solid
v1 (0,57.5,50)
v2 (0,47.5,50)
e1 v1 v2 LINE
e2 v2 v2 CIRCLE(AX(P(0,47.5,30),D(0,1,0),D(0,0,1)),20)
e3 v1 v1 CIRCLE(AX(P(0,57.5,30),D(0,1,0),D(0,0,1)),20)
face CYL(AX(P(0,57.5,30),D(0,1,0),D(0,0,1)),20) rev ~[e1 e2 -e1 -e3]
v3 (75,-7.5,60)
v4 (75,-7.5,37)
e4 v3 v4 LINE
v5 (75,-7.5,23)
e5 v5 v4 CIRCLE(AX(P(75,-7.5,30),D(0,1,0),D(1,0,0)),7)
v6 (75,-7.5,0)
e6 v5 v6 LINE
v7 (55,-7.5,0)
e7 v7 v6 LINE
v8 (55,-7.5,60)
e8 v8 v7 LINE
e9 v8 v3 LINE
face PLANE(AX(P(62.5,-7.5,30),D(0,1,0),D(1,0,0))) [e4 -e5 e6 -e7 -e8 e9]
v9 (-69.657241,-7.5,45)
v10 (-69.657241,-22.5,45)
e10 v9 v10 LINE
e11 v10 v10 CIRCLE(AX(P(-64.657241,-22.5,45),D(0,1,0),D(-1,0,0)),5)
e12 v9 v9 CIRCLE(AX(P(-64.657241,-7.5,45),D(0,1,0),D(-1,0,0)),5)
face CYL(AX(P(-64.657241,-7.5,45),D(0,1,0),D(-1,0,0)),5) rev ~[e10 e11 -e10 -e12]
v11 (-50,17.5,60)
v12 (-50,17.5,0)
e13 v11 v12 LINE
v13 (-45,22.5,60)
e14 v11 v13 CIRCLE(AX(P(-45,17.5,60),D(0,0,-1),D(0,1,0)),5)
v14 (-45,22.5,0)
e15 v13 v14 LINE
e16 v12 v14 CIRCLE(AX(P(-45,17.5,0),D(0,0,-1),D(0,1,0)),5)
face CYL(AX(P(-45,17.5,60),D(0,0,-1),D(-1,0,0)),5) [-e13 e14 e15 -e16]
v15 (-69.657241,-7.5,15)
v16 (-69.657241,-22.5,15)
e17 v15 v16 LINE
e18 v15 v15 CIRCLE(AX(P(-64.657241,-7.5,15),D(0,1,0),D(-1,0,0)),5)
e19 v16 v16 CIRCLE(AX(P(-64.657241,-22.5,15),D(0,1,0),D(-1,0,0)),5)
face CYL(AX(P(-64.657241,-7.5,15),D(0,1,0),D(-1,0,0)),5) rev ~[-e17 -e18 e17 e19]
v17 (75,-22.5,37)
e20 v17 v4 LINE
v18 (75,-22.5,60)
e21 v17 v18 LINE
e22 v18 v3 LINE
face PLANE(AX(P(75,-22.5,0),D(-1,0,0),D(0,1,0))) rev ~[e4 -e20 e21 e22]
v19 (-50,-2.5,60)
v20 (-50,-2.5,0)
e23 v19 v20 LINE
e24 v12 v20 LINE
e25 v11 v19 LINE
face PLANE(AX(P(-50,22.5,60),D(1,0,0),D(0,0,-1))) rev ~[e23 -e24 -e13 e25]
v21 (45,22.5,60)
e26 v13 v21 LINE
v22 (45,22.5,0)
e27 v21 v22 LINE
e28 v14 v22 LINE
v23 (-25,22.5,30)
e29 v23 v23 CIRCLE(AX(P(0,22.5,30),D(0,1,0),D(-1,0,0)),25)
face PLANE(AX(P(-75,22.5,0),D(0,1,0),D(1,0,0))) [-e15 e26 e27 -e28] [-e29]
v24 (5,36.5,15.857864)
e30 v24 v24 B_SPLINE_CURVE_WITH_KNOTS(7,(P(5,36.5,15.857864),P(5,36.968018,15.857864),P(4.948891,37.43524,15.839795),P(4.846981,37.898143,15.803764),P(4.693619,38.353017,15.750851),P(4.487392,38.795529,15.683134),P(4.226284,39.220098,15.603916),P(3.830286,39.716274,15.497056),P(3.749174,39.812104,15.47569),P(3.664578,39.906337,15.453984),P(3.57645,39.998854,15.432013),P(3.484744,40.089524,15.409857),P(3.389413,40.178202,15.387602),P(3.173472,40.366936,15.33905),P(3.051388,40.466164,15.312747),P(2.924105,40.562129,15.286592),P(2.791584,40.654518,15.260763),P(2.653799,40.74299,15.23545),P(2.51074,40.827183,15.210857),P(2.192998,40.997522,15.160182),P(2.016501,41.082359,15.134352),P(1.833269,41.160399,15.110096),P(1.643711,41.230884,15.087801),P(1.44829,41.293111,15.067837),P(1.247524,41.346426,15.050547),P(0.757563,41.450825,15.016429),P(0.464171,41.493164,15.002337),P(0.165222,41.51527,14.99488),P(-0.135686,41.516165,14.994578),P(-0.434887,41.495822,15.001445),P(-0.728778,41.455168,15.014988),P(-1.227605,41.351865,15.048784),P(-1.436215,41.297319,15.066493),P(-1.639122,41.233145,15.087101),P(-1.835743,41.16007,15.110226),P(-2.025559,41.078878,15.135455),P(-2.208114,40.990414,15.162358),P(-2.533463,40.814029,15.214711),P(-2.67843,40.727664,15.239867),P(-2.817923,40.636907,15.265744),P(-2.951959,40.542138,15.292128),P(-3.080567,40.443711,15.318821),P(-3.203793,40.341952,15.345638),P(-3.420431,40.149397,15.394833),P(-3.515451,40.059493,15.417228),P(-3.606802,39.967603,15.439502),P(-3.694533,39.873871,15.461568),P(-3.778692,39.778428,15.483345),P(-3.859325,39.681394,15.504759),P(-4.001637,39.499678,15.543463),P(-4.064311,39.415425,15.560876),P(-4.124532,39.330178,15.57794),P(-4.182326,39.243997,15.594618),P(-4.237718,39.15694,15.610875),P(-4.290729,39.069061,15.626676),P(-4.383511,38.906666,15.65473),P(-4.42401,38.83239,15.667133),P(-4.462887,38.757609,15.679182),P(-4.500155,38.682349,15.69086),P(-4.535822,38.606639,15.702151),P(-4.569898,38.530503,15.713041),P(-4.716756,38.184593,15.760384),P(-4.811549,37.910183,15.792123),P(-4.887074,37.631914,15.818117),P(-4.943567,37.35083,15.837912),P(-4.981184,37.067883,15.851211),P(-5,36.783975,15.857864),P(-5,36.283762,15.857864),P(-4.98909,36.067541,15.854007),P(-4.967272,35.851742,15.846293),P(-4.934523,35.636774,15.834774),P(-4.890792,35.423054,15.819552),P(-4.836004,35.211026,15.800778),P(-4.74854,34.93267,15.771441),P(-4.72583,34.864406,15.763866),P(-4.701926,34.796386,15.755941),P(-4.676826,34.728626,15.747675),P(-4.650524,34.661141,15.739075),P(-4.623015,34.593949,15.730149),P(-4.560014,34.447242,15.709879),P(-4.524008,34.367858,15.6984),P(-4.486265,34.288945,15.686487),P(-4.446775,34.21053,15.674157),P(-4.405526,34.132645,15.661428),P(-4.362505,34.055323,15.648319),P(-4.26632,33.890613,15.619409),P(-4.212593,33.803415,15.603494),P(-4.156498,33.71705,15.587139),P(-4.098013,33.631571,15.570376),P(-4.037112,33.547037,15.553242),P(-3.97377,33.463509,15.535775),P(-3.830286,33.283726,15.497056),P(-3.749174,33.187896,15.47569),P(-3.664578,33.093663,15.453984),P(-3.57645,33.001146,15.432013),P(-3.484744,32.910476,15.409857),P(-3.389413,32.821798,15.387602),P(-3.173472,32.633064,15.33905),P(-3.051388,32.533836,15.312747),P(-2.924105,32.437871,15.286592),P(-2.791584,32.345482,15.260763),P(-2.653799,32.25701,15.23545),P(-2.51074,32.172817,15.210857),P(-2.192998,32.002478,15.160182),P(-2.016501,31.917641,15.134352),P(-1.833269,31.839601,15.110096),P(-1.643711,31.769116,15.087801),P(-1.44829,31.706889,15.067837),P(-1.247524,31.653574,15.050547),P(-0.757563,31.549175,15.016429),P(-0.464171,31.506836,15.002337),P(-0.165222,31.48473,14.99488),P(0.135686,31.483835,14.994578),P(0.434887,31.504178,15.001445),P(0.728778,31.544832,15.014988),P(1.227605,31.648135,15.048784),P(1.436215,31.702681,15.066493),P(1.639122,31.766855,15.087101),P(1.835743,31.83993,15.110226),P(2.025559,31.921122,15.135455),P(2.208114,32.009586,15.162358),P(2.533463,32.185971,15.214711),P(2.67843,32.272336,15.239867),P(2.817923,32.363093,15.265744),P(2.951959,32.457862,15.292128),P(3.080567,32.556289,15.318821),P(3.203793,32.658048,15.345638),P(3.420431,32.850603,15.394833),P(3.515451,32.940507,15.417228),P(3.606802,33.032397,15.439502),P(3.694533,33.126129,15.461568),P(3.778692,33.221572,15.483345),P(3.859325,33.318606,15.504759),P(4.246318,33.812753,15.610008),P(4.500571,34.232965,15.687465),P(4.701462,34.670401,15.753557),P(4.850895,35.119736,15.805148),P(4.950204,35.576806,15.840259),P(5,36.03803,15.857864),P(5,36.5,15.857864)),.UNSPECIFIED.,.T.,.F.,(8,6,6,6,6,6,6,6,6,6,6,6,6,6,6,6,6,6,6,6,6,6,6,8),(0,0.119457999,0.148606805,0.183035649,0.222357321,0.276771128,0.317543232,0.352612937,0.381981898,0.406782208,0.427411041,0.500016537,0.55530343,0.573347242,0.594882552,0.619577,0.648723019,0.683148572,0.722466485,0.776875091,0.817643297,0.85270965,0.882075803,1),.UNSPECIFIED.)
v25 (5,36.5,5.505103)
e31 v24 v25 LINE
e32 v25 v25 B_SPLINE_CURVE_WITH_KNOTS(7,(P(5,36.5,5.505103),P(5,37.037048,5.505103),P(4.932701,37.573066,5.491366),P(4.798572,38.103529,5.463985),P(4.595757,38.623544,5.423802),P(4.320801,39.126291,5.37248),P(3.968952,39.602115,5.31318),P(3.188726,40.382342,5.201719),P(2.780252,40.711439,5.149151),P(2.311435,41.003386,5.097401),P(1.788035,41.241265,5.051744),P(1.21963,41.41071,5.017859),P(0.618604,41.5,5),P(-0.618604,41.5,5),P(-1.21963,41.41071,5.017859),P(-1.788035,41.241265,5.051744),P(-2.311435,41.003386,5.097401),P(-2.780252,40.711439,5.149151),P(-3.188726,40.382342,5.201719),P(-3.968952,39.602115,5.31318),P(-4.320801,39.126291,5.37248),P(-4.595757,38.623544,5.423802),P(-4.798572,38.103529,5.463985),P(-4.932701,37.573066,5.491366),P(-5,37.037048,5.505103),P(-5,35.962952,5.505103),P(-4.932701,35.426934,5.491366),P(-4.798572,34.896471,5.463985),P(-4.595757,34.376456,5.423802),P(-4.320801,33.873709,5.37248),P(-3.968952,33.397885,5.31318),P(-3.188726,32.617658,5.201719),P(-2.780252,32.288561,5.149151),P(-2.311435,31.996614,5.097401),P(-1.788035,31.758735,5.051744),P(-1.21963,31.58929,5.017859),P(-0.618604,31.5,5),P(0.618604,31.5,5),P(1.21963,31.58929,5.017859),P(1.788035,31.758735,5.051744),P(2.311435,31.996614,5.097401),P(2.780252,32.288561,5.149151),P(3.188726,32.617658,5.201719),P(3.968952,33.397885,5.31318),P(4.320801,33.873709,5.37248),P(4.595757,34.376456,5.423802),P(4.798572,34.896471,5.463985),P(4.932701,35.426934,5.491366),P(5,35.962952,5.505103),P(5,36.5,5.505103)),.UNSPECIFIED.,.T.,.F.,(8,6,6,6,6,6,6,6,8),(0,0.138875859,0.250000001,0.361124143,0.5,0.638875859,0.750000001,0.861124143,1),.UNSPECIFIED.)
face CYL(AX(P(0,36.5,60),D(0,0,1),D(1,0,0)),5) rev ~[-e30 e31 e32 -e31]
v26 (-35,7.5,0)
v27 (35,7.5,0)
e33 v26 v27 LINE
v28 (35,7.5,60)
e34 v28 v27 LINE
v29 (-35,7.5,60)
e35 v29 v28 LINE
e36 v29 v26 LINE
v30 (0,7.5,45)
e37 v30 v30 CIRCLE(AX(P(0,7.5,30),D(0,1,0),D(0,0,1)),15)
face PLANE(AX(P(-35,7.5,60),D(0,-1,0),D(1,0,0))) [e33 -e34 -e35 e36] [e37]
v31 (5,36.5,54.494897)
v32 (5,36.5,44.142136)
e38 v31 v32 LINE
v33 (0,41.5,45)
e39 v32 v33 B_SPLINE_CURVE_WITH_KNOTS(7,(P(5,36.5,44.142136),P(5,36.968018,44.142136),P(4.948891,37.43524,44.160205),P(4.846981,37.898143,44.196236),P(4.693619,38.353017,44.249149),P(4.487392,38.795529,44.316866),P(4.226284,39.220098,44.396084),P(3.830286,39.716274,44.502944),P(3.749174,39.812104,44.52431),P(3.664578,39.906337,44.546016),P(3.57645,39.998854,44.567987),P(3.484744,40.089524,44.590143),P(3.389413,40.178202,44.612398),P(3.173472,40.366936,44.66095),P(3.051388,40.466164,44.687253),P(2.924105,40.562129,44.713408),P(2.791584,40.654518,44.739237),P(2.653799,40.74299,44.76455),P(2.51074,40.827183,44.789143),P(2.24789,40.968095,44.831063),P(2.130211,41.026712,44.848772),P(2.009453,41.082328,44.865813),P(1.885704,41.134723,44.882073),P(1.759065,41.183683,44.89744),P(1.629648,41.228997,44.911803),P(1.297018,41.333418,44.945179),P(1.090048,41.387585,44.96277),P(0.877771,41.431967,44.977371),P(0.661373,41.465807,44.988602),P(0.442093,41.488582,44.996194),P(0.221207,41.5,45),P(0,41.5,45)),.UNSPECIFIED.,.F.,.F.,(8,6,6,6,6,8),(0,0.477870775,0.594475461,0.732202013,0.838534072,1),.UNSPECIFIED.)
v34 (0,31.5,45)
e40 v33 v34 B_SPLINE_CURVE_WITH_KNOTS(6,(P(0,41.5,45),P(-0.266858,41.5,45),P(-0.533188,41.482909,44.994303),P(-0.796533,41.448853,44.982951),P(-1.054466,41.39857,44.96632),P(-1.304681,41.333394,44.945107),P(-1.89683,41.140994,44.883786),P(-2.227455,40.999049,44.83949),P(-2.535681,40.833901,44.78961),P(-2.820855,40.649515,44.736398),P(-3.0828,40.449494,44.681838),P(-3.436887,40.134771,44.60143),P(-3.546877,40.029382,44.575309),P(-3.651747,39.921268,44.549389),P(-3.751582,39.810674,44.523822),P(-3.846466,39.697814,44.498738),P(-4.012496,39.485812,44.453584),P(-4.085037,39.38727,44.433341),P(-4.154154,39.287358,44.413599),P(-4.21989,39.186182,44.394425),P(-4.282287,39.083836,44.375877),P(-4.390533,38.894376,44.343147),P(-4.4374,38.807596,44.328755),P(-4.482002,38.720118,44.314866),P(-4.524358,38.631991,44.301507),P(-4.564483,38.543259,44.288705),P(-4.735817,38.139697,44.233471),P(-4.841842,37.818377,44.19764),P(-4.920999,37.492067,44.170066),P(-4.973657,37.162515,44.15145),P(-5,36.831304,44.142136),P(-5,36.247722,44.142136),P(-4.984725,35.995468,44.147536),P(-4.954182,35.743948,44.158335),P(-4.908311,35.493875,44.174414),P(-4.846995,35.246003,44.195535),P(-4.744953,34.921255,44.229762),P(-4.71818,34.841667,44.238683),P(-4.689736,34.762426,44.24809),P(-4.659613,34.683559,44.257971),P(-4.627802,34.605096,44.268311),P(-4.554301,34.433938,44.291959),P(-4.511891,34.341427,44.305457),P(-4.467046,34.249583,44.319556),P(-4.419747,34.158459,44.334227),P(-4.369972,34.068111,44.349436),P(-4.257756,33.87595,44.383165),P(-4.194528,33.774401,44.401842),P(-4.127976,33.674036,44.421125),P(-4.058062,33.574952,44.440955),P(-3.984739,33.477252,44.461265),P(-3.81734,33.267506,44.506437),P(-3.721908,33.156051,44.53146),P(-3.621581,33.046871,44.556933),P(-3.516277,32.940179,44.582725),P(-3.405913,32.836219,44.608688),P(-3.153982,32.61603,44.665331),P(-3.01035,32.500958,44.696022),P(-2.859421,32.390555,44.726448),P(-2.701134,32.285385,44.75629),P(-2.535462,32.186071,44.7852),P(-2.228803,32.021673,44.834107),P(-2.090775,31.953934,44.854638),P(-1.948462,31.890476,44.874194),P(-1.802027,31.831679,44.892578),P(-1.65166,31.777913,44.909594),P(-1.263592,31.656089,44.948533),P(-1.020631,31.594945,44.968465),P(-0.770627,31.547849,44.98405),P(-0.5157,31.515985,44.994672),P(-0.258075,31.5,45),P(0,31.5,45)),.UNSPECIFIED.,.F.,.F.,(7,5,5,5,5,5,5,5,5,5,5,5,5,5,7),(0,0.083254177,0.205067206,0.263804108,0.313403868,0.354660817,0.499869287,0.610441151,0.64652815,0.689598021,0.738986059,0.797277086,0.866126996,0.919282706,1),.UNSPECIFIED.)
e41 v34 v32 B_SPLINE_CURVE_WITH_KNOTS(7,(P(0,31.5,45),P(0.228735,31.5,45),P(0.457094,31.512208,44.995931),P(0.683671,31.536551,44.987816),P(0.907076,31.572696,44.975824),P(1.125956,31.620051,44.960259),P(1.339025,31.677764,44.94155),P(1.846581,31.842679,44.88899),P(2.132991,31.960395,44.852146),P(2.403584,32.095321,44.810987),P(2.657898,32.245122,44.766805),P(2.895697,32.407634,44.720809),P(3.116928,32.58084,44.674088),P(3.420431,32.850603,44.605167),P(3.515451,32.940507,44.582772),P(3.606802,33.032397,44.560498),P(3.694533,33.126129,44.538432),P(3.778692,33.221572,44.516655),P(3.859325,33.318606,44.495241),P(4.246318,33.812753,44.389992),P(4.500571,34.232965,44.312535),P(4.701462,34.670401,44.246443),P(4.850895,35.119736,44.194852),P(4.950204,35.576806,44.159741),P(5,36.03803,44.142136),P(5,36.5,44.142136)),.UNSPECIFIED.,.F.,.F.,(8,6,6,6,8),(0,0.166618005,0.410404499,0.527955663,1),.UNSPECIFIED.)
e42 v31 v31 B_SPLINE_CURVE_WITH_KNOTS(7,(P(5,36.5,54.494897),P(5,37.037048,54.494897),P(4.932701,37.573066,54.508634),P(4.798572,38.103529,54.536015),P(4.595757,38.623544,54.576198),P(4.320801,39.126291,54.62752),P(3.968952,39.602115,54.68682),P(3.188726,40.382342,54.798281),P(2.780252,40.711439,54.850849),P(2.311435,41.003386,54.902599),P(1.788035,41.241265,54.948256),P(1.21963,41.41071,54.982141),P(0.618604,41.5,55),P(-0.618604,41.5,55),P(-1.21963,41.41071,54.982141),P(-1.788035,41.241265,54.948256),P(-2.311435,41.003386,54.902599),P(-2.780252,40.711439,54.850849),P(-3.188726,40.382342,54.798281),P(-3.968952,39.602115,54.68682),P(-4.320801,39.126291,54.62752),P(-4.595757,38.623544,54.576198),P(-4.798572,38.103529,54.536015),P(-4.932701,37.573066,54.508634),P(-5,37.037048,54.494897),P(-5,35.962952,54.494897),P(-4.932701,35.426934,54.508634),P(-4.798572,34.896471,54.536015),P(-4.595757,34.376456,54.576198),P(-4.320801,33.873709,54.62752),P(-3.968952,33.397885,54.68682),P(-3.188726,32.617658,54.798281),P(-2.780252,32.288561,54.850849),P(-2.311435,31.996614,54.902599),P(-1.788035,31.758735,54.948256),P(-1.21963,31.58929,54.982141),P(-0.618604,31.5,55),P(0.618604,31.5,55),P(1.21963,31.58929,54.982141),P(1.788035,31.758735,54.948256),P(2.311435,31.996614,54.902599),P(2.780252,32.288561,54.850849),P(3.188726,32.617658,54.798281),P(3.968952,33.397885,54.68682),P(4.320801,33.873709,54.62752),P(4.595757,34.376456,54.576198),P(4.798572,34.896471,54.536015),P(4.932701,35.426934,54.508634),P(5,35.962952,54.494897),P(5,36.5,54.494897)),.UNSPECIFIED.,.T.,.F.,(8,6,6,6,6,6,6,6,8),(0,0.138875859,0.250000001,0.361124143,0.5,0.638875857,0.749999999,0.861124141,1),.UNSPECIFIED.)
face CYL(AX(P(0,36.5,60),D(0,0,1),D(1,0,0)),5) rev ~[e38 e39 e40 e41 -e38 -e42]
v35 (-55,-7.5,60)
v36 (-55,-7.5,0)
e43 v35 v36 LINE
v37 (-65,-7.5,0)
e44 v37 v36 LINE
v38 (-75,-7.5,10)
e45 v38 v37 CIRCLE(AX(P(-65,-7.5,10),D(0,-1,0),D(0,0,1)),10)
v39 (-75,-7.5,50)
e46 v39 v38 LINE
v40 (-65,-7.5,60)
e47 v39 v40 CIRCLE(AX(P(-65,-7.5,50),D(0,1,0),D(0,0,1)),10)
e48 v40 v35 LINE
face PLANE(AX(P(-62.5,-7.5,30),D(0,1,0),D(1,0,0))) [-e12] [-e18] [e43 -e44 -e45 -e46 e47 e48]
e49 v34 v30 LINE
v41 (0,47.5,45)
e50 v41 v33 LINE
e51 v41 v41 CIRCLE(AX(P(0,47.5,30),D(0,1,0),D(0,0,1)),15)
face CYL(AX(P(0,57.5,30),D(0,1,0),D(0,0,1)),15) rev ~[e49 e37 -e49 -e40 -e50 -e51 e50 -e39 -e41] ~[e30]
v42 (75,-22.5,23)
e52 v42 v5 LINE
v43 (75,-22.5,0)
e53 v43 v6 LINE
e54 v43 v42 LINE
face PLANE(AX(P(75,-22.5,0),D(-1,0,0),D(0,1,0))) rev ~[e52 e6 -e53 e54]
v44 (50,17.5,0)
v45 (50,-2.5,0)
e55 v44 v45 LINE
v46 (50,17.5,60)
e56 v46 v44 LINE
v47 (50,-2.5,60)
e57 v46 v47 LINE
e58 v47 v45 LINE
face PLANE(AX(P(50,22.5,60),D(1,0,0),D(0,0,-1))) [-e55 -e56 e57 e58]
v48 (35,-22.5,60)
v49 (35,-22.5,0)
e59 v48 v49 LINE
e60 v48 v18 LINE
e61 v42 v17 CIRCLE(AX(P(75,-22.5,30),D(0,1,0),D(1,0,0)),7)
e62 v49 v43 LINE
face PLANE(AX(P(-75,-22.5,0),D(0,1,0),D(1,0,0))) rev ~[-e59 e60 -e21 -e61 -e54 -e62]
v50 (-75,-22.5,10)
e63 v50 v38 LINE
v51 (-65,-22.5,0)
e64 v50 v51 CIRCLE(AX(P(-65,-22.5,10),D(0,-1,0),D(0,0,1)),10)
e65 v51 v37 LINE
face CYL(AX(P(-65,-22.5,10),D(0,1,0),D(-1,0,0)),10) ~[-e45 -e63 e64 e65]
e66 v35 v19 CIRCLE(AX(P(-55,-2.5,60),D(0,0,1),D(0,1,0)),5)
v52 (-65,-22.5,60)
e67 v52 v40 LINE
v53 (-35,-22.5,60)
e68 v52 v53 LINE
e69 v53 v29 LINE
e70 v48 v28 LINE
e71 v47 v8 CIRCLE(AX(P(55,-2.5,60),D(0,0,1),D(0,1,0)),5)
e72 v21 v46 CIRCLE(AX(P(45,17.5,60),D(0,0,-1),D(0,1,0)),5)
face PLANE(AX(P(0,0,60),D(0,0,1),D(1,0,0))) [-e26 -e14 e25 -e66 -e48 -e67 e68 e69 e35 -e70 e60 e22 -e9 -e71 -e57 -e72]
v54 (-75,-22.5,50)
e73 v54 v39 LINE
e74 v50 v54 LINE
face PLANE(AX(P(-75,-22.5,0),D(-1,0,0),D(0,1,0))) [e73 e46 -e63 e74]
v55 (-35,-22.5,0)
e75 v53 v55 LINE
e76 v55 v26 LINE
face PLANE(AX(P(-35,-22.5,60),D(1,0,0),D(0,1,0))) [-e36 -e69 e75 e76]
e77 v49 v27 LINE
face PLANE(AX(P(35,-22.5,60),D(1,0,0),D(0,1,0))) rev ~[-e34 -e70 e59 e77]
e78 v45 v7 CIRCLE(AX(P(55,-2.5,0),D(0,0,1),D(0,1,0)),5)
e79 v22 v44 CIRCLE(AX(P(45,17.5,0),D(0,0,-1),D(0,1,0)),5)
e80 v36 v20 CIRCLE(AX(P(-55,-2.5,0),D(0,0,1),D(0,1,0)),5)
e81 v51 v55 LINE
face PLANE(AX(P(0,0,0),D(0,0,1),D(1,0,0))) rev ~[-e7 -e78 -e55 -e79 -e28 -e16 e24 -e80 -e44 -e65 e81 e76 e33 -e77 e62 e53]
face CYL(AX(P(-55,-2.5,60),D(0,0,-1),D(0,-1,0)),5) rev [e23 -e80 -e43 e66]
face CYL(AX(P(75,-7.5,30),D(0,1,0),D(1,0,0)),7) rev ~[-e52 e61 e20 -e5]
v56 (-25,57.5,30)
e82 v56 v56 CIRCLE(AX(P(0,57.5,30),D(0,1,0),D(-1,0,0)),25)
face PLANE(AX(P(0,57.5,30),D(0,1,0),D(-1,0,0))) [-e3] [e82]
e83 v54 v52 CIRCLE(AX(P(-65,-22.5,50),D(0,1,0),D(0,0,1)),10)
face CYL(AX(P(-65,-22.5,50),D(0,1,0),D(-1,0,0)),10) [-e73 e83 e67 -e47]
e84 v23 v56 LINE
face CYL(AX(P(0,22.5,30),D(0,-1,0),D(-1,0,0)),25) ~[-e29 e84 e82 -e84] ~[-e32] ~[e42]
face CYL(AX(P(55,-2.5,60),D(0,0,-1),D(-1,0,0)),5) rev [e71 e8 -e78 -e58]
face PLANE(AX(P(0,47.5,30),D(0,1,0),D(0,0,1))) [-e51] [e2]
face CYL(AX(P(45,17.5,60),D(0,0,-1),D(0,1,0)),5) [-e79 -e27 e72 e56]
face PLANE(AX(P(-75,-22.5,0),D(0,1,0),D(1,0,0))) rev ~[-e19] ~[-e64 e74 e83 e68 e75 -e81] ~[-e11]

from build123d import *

# Parameters (mm, degrees)
SKETCH1_W           = 150
SKETCH1_H           = 45
BOSS_EXTRUDE1_DEPTH = 60
SKETCH2_W           = 70
SKETCH2_H           = 30
CUT_EXTRUDE1_DEPTH  = 60
SKETCH8_W           = 25
SKETCH8_H           = 60
CUT_EXTRUDE5_DEPTH  = 30
SKETCH9_R           = 25
BOSS_EXTRUDE4_DEPTH = 35
SKETCH10_R          = 20
SKETCH10_R_2        = 15
CUT_EXTRUDE7_DEPTH  = 10
SKETCH10_5_R        = 15
CUT_EXTRUDE8_DEPTH  = 70
SKETCH12_R          = 5
CUT_EXTRUDE9_DEPTH  = 70
FILLET1_R           = 10
SKETCH13_R          = 7
CUT_EXTRUDE10_DEPTH = 15
SKETCH14_R          = 5
CUT_EXTRUDE11_DEPTH = 15
FILLET2_R           = 5


with BuildPart() as part:
    # Sketch1 → Boss-Extrude1 (new body)
    with BuildSketch(Plane.XY):
        Rectangle(SKETCH1_W, SKETCH1_H)
    extrude(amount=BOSS_EXTRUDE1_DEPTH)

    # Sketch2 → Cut-Extrude1 (cut)
    with BuildSketch(Plane.XY.offset(60)):
        with Locations((0, -7.5)):
            Rectangle(SKETCH2_W, SKETCH2_H)
    extrude(amount=-CUT_EXTRUDE1_DEPTH, mode=Mode.SUBTRACT)

    # Sketch8 → Cut-Extrude5 (cut)
    with BuildSketch(Plane(origin=(0, 22.5, 0), x_dir=(1, 0, 0), z_dir=(0, 1, 0))):
        with Locations((-62.5, -30)):
            Rectangle(SKETCH8_W, SKETCH8_H)
        with Locations((62.5, -30)):
            Rectangle(SKETCH8_W, SKETCH8_H)
    extrude(amount=-CUT_EXTRUDE5_DEPTH, mode=Mode.SUBTRACT)

    # Sketch9 → Boss-Extrude4 (add)
    with BuildSketch(Plane(origin=(0, 22.5, 0), x_dir=(1, 0, 0), z_dir=(0, 1, 0))):
        with Locations((0, -30)):
            Circle(SKETCH9_R)
    extrude(amount=BOSS_EXTRUDE4_DEPTH)

    # Sketch10 → Cut-Extrude7 (cut)
    with BuildSketch(Plane(origin=(0, 57.5, 0), x_dir=(1, 0, 0), z_dir=(0, 1, 0))):
        with Locations((0, -30)):
            Circle(SKETCH10_R)
        with Locations((0, -30)):
            Circle(SKETCH10_R_2, mode=Mode.SUBTRACT)
    extrude(amount=-CUT_EXTRUDE7_DEPTH, mode=Mode.SUBTRACT)

    # Sketch10<5> → Cut-Extrude8 (cut)
    with BuildSketch(Plane(origin=(0, 57.5, 0), x_dir=(1, 0, 0), z_dir=(0, 1, 0))):
        with Locations((0, -30)):
            Circle(SKETCH10_5_R)
    extrude(amount=-CUT_EXTRUDE8_DEPTH, mode=Mode.SUBTRACT)

    # Sketch12 → Cut-Extrude9 (cut)
    with BuildSketch(Plane.XY.offset(60)):
        with Locations((0, 36.5)):
            Circle(SKETCH12_R)
    extrude(amount=-CUT_EXTRUDE9_DEPTH, mode=Mode.SUBTRACT)

    # Fillet1
    fillet1_edges = [part.edges().sort_by_distance(p)[0] for p in [
        (-75, -15, 60),
        (-75, -15, 0),
    ]]
    fillet(fillet1_edges, radius=FILLET1_R)

    # Sketch13 → Cut-Extrude10 (cut)
    with BuildSketch(Plane(origin=(0, -7.5, 0), x_dir=(1, 0, 0), z_dir=(0, 1, 0))):
        with Locations((75, -30)):
            Circle(SKETCH13_R)
    extrude(amount=-CUT_EXTRUDE10_DEPTH, mode=Mode.SUBTRACT)

    # Sketch14 → Cut-Extrude11 (cut)
    with BuildSketch(Plane(origin=(0, -7.5, 0), x_dir=(1, 0, 0), z_dir=(0, 1, 0))):
        with Locations((-64.657240853, -15)):
            Circle(SKETCH14_R)
        with Locations((-64.657240853, -45)):
            Circle(SKETCH14_R)
    extrude(amount=-CUT_EXTRUDE11_DEPTH, mode=Mode.SUBTRACT)

    # Fillet2
    fillet2_edges = [part.edges().sort_by_distance(p)[0] for p in [
        (-50, -7.5, 30),
        (50, -7.5, 30),
        (50, 22.5, 30),
        (-50, 22.5, 30),
    ]]
    fillet(fillet2_edges, radius=FILLET2_R)


solid = part.part
